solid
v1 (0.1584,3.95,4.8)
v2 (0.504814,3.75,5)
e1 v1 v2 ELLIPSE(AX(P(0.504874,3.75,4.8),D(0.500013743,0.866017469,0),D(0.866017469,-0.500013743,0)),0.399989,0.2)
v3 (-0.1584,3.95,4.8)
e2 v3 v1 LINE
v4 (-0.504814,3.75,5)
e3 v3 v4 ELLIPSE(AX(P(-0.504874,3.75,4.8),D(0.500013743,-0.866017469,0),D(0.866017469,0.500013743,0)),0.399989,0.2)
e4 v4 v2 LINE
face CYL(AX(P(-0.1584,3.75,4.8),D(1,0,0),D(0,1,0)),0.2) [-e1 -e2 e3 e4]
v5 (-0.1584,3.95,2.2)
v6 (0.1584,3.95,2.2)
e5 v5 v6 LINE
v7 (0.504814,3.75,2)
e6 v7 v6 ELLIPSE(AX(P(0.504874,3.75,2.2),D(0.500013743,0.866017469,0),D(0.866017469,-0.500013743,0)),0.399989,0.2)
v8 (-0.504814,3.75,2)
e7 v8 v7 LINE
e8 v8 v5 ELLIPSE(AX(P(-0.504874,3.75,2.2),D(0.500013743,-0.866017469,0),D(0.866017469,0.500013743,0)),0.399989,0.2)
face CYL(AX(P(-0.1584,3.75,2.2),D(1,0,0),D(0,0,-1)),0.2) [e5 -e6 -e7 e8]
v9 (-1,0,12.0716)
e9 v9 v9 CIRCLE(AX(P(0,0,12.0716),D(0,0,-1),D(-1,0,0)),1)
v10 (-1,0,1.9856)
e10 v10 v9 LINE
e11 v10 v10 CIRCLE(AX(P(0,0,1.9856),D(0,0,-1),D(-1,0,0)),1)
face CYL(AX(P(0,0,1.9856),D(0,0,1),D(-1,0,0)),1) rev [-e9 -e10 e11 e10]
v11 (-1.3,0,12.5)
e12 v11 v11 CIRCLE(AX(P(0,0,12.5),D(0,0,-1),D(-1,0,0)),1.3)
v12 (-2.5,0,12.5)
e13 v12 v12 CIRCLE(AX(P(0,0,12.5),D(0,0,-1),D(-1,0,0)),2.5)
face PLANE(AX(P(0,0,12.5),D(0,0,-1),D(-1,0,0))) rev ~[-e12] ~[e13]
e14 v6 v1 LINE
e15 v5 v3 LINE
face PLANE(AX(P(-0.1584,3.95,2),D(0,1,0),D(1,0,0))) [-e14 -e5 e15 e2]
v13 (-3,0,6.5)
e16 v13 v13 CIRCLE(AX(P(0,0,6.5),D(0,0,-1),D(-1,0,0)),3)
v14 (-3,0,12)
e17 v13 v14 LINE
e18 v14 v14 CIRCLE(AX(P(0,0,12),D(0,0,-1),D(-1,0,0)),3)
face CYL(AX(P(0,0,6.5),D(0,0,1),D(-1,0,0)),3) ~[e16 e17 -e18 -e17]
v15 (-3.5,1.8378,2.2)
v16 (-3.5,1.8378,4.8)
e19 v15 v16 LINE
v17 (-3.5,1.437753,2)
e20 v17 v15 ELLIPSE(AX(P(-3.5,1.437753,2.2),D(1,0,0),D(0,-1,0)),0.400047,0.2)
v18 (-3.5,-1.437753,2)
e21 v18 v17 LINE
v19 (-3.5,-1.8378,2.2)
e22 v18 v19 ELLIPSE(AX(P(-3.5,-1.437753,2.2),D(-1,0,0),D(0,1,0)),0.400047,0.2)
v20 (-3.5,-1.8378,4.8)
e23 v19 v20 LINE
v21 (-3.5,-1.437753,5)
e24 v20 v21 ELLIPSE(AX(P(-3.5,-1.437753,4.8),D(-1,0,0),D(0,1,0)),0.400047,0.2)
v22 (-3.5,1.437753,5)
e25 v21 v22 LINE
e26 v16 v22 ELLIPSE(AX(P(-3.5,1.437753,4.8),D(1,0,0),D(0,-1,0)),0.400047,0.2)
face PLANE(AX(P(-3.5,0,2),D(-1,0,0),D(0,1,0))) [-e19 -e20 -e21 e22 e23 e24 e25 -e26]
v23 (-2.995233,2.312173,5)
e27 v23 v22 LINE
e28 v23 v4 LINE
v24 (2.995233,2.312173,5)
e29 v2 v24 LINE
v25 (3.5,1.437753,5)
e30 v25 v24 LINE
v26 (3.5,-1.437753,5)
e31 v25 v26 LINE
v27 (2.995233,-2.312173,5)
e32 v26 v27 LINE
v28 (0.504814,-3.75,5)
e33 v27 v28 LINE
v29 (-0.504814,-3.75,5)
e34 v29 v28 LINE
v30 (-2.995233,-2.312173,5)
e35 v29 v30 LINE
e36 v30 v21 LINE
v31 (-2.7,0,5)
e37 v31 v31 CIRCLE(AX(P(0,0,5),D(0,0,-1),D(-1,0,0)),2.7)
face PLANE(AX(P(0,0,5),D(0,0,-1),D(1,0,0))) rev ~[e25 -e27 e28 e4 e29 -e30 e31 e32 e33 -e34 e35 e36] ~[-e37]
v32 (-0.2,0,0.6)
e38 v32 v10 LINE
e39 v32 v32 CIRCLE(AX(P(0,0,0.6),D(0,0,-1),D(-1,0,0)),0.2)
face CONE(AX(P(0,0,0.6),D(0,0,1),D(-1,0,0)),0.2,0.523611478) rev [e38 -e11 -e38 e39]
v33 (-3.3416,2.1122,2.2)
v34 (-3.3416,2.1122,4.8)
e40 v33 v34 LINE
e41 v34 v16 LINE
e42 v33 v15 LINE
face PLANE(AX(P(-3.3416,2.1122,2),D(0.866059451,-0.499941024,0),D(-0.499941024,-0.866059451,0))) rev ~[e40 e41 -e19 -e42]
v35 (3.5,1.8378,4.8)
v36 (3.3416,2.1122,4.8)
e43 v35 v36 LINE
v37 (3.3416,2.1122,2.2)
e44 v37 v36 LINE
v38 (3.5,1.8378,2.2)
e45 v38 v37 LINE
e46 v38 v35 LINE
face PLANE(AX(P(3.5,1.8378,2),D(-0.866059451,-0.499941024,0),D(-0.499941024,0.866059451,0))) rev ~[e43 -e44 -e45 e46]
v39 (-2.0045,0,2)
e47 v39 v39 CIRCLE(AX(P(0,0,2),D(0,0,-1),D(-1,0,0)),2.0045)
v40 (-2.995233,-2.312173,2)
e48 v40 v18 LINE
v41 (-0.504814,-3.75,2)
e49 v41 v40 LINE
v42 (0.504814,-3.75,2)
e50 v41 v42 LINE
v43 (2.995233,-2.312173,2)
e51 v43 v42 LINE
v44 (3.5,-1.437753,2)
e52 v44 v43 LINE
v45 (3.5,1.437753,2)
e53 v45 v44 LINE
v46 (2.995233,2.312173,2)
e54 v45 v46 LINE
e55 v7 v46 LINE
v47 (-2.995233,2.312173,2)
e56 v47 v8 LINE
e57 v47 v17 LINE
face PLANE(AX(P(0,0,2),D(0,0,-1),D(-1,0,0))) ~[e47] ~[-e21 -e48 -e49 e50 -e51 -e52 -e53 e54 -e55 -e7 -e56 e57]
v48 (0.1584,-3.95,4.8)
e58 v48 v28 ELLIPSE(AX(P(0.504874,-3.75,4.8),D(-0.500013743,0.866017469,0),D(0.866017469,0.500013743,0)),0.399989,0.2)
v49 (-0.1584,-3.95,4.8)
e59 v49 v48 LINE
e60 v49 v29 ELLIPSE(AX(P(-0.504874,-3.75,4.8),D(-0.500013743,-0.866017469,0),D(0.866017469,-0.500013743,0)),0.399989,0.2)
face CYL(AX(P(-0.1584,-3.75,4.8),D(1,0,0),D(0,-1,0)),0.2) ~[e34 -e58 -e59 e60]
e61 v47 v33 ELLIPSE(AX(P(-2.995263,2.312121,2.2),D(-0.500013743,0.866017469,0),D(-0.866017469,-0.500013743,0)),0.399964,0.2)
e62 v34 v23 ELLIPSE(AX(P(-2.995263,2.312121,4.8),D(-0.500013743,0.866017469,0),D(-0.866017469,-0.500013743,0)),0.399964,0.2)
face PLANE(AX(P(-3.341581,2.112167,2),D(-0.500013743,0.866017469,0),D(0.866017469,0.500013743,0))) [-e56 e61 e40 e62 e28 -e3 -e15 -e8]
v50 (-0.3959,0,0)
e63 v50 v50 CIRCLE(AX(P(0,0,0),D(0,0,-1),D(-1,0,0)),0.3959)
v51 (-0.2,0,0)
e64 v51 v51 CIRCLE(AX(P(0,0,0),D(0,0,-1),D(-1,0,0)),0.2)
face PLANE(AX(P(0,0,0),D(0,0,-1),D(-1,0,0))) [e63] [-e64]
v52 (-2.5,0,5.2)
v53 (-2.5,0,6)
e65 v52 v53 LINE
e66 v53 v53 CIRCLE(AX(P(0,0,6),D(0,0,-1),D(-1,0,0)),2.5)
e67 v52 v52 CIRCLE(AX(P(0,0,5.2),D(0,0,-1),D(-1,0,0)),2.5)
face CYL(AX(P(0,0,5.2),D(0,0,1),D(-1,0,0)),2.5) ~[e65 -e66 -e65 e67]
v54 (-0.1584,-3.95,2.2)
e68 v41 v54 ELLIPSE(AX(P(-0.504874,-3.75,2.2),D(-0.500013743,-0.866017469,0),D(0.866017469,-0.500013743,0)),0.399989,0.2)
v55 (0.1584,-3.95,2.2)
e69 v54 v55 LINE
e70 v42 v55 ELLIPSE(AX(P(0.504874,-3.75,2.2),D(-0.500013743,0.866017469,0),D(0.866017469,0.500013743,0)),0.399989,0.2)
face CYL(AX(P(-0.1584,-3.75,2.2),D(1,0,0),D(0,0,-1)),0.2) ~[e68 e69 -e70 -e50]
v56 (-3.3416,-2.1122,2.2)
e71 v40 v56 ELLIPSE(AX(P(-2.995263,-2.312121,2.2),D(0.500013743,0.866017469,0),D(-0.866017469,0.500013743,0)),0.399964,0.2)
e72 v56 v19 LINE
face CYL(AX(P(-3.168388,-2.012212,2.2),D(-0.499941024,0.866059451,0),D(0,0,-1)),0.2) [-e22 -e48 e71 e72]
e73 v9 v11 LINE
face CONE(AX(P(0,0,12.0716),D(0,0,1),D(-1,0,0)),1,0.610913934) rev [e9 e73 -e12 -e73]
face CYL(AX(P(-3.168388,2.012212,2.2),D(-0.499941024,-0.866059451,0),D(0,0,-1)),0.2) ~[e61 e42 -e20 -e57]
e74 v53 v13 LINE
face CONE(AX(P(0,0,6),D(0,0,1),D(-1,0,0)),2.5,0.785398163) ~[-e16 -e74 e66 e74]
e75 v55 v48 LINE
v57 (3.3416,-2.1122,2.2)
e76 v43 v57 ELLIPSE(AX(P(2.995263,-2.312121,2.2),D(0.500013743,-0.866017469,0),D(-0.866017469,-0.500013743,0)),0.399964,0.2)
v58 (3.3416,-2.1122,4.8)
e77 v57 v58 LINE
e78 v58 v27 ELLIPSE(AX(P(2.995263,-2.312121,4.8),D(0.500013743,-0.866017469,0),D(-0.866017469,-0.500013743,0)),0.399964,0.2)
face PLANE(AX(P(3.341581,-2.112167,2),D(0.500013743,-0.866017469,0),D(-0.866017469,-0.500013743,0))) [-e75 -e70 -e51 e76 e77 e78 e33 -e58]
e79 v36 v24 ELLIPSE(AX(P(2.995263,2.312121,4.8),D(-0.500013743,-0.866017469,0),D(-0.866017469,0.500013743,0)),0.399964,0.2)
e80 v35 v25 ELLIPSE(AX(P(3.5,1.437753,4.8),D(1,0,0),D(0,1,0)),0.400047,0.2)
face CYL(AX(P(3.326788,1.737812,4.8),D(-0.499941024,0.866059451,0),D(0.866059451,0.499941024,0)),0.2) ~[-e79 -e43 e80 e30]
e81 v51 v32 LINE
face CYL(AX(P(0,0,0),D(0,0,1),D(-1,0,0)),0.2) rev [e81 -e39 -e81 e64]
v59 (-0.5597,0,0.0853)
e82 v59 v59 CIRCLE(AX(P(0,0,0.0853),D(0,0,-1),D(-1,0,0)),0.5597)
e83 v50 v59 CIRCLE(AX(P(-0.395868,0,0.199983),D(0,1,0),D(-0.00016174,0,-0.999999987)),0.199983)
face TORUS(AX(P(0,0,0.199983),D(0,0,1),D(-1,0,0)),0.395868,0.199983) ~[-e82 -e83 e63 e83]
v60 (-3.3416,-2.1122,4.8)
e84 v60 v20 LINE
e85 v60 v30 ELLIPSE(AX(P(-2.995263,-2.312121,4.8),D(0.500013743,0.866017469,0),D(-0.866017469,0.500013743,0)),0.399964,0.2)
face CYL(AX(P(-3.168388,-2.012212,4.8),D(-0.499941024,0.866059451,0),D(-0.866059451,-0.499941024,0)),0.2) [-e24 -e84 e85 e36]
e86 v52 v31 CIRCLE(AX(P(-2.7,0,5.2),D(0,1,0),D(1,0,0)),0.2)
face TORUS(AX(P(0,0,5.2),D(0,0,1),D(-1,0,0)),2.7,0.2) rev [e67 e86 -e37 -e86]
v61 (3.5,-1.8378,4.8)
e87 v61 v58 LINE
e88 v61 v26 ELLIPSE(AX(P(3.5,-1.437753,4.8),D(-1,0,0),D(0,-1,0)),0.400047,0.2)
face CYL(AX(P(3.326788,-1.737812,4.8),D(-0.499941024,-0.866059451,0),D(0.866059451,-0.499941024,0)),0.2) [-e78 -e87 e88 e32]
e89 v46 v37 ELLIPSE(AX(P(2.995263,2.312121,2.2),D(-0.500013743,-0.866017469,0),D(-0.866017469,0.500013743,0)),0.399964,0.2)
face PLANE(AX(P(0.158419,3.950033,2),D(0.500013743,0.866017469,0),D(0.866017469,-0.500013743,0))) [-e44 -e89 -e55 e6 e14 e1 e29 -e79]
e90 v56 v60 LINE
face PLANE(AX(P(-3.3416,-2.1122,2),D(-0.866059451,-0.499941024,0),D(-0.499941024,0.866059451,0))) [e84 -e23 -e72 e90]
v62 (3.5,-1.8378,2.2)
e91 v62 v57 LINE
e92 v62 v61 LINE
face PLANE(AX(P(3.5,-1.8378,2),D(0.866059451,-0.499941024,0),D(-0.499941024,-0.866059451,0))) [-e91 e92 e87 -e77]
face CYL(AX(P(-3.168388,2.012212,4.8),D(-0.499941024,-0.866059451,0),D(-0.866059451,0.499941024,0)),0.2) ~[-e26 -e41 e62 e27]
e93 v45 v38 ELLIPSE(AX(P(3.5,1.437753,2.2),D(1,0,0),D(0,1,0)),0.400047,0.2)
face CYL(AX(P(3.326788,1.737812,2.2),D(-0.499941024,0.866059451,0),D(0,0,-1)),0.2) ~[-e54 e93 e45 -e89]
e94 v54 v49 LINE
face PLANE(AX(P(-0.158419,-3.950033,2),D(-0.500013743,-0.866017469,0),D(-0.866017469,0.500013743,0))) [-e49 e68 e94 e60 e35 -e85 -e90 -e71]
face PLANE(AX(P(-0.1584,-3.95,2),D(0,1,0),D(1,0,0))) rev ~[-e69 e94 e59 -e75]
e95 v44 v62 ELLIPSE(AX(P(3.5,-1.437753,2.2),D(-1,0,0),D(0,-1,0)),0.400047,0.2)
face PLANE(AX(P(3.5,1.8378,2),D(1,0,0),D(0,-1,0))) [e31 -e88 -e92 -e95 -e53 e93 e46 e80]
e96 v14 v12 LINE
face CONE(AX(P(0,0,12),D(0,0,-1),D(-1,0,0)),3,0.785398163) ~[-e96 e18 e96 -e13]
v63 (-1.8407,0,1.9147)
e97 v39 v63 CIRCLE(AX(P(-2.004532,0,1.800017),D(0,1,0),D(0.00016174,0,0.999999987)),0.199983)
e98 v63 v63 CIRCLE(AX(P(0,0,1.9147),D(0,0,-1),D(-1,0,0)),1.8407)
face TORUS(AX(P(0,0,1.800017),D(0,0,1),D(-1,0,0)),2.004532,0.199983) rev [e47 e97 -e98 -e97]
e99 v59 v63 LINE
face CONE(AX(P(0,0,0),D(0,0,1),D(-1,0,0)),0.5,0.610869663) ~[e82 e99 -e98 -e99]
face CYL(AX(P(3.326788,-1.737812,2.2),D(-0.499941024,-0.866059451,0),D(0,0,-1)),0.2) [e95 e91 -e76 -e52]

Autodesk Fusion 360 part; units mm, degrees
sketch "Sketch1" plane through (0, 0, 0) normal (0, 1, 0) x (1, 0, 0)
  line L0 (-0.5, 0) -> (0.5, 0)
  line L1 (-0.2, 0) -> (-0.2, -0.6)
  line L2 (-0.2, -0.6) -> (-1, -1.9856)
  line L3 (-1, -1.9856) -> (-1, -12.0716)
  line L4 (-4.4259, -12.5) -> (0, -12.5)
  line L5 (0, -12.5) -> (0, 0)
  line L6 (-1, -12.0716) -> (-1.3, -12.5)
  line L7 (-1.3, -12.5) -> (-4.4259, -12.5)
  line L8 (-0.5, 0) -> (-1.8407, -1.9147)
  arc A0 (-0.3959, 0) -> (-0.5597, -0.0853) centre (-0.3959, -0.2) ccw
  line L9 (-2.0045, -2) -> (-3.5, -2)
  line L10 (-3.5, -2) -> (-3.5, -5)
  line L11 (-3.5, -5) -> (-2.7, -5)
  line L12 (-2.5, -5.2) -> (-2.5, -6)
  line L13 (-2.5, -6) -> (-3, -6.5)
  line L14 (-3, -6.5) -> (-3, -12)
  line L15 (-3, -12) -> (-2.5, -12.5)
  arc A1 (-2.0045, -2) -> (-1.8407, -1.9147) centre (-2.0045, -1.8) ccw
  arc A2 (-2.5, -5.2) -> (-2.7, -5) centre (-2.7, -5.2) ccw
  point P0 (-1.9004, -2)
  dimension "d3" = 0.2
  dimension "d5" = 30
  dimension "d10" = 12.5
  dimension "d11" = 1.3
  dimension "d12" = 1
  dimension "d14" = 125
  dimension "d15" = 0.6
  dimension "d16" = 1
  dimension "d17" = 0.2
  dimension "d18" = 2
  dimension "d19" = 3.5
  dimension "d20" = 5
  dimension "d21" = 2.5
  dimension "d24" = 3
  dimension "d25" = 135
  dimension "d26" = 135
  dimension "d27" = 0.5
  dimension "d28" = 1
  dimension "d29" = 0.2
  dimension "d38" = 0.2
revolve "Revolve1" add sketch "Sketch1" angle 360 about axis through (0, 0, 12.5) along (0, 0, -1) contours L0 L1 L2 L3 L4 L6 L7 L8 A0 L9 L10 L11 L12 L13 L14 L15 A1 A2
sketch "Sketch2" plane through (0, 0, 2) normal (0, 0, -1) x (1, 0, 0)
  circle A0 centre (0, 0) radius 3.5
  circle A1 centre (0, 0) radius 2.0045
  line L0 (-3.5, -2.0207) -> (0, -4.0415)
  line L1 (0, -4.0415) -> (3.5, -2.0207)
  line L2 (3.5, -2.0207) -> (3.5, 2.0207)
  line L3 (3.5, 2.0207) -> (0, 4.0415)
  line L4 (0, 4.0415) -> (-3.5, 2.0207)
  line L5 (-3.5, 2.0207) -> (-3.5, -2.0207)
  line L6 (-0.1584, 3.95) -> (0.1584, 3.95)
  line L7 (-0.1584, -3.95) -> (0.1584, -3.95)
  line L8 (0, 3.95) -> (0, -3.95) construction
  line L9 (-3.3416, -2.1122) -> (-3.5, -1.8378)
  line L10 (3.5, 1.8378) -> (3.3416, 2.1122)
  line L11 (3.5, -1.8378) -> (3.3416, -2.1122)
  line L12 (-3.3416, 2.1122) -> (-3.5, 1.8378)
  dimension "d31" = 7.9
  dimension "d33" = 360
extrude "Extrude1" add sketch "Sketch2" against normal up to surface (3 mm away) contours A0 L1 L2 L11 | A0 L2 L3 L10 | A0 L3 L4 L6 | A0 L0 L1 L7 | A0 L4 L5 L12 | A0 L0 L5 L9
fillet "Fillet1" radius 0.2 12 edges at (3.4208, -1.975, 2) (3.4208, -1.975, 5) (0, -3.95, 5) (0, -3.95, 2) (-3.4208, -1.975, 2) (-3.4208, -1.975, 5) (-3.4208, 1.975, 5) (-3.4208, 1.975, 2) (0, 3.95, 5) (0, 3.95, 2) (3.4208, 1.975, 2) (3.4208, 1.975, 5)
equation "Table_D = 2 mm"
equation "d3 = Nozzle_Diameter / 2"
equation "Nozzle_Diameter = 0.4 mm"
equation "Table_C = 0.6 mm"
equation "Table_B = 1 mm"
equation "Table_F = 0.2 mm"
equation "Table_E = 2.6 mm"
equation "d11 = Table_E / 2"
equation "d12 = Table_D / 2"
equation "d15 = Table_C"
equation "d16 = Table_B"
equation "d17 = Table_F"
equation "d26 = d25"
equation "d29 = Table_F"
equation "d37 = Table_F"
